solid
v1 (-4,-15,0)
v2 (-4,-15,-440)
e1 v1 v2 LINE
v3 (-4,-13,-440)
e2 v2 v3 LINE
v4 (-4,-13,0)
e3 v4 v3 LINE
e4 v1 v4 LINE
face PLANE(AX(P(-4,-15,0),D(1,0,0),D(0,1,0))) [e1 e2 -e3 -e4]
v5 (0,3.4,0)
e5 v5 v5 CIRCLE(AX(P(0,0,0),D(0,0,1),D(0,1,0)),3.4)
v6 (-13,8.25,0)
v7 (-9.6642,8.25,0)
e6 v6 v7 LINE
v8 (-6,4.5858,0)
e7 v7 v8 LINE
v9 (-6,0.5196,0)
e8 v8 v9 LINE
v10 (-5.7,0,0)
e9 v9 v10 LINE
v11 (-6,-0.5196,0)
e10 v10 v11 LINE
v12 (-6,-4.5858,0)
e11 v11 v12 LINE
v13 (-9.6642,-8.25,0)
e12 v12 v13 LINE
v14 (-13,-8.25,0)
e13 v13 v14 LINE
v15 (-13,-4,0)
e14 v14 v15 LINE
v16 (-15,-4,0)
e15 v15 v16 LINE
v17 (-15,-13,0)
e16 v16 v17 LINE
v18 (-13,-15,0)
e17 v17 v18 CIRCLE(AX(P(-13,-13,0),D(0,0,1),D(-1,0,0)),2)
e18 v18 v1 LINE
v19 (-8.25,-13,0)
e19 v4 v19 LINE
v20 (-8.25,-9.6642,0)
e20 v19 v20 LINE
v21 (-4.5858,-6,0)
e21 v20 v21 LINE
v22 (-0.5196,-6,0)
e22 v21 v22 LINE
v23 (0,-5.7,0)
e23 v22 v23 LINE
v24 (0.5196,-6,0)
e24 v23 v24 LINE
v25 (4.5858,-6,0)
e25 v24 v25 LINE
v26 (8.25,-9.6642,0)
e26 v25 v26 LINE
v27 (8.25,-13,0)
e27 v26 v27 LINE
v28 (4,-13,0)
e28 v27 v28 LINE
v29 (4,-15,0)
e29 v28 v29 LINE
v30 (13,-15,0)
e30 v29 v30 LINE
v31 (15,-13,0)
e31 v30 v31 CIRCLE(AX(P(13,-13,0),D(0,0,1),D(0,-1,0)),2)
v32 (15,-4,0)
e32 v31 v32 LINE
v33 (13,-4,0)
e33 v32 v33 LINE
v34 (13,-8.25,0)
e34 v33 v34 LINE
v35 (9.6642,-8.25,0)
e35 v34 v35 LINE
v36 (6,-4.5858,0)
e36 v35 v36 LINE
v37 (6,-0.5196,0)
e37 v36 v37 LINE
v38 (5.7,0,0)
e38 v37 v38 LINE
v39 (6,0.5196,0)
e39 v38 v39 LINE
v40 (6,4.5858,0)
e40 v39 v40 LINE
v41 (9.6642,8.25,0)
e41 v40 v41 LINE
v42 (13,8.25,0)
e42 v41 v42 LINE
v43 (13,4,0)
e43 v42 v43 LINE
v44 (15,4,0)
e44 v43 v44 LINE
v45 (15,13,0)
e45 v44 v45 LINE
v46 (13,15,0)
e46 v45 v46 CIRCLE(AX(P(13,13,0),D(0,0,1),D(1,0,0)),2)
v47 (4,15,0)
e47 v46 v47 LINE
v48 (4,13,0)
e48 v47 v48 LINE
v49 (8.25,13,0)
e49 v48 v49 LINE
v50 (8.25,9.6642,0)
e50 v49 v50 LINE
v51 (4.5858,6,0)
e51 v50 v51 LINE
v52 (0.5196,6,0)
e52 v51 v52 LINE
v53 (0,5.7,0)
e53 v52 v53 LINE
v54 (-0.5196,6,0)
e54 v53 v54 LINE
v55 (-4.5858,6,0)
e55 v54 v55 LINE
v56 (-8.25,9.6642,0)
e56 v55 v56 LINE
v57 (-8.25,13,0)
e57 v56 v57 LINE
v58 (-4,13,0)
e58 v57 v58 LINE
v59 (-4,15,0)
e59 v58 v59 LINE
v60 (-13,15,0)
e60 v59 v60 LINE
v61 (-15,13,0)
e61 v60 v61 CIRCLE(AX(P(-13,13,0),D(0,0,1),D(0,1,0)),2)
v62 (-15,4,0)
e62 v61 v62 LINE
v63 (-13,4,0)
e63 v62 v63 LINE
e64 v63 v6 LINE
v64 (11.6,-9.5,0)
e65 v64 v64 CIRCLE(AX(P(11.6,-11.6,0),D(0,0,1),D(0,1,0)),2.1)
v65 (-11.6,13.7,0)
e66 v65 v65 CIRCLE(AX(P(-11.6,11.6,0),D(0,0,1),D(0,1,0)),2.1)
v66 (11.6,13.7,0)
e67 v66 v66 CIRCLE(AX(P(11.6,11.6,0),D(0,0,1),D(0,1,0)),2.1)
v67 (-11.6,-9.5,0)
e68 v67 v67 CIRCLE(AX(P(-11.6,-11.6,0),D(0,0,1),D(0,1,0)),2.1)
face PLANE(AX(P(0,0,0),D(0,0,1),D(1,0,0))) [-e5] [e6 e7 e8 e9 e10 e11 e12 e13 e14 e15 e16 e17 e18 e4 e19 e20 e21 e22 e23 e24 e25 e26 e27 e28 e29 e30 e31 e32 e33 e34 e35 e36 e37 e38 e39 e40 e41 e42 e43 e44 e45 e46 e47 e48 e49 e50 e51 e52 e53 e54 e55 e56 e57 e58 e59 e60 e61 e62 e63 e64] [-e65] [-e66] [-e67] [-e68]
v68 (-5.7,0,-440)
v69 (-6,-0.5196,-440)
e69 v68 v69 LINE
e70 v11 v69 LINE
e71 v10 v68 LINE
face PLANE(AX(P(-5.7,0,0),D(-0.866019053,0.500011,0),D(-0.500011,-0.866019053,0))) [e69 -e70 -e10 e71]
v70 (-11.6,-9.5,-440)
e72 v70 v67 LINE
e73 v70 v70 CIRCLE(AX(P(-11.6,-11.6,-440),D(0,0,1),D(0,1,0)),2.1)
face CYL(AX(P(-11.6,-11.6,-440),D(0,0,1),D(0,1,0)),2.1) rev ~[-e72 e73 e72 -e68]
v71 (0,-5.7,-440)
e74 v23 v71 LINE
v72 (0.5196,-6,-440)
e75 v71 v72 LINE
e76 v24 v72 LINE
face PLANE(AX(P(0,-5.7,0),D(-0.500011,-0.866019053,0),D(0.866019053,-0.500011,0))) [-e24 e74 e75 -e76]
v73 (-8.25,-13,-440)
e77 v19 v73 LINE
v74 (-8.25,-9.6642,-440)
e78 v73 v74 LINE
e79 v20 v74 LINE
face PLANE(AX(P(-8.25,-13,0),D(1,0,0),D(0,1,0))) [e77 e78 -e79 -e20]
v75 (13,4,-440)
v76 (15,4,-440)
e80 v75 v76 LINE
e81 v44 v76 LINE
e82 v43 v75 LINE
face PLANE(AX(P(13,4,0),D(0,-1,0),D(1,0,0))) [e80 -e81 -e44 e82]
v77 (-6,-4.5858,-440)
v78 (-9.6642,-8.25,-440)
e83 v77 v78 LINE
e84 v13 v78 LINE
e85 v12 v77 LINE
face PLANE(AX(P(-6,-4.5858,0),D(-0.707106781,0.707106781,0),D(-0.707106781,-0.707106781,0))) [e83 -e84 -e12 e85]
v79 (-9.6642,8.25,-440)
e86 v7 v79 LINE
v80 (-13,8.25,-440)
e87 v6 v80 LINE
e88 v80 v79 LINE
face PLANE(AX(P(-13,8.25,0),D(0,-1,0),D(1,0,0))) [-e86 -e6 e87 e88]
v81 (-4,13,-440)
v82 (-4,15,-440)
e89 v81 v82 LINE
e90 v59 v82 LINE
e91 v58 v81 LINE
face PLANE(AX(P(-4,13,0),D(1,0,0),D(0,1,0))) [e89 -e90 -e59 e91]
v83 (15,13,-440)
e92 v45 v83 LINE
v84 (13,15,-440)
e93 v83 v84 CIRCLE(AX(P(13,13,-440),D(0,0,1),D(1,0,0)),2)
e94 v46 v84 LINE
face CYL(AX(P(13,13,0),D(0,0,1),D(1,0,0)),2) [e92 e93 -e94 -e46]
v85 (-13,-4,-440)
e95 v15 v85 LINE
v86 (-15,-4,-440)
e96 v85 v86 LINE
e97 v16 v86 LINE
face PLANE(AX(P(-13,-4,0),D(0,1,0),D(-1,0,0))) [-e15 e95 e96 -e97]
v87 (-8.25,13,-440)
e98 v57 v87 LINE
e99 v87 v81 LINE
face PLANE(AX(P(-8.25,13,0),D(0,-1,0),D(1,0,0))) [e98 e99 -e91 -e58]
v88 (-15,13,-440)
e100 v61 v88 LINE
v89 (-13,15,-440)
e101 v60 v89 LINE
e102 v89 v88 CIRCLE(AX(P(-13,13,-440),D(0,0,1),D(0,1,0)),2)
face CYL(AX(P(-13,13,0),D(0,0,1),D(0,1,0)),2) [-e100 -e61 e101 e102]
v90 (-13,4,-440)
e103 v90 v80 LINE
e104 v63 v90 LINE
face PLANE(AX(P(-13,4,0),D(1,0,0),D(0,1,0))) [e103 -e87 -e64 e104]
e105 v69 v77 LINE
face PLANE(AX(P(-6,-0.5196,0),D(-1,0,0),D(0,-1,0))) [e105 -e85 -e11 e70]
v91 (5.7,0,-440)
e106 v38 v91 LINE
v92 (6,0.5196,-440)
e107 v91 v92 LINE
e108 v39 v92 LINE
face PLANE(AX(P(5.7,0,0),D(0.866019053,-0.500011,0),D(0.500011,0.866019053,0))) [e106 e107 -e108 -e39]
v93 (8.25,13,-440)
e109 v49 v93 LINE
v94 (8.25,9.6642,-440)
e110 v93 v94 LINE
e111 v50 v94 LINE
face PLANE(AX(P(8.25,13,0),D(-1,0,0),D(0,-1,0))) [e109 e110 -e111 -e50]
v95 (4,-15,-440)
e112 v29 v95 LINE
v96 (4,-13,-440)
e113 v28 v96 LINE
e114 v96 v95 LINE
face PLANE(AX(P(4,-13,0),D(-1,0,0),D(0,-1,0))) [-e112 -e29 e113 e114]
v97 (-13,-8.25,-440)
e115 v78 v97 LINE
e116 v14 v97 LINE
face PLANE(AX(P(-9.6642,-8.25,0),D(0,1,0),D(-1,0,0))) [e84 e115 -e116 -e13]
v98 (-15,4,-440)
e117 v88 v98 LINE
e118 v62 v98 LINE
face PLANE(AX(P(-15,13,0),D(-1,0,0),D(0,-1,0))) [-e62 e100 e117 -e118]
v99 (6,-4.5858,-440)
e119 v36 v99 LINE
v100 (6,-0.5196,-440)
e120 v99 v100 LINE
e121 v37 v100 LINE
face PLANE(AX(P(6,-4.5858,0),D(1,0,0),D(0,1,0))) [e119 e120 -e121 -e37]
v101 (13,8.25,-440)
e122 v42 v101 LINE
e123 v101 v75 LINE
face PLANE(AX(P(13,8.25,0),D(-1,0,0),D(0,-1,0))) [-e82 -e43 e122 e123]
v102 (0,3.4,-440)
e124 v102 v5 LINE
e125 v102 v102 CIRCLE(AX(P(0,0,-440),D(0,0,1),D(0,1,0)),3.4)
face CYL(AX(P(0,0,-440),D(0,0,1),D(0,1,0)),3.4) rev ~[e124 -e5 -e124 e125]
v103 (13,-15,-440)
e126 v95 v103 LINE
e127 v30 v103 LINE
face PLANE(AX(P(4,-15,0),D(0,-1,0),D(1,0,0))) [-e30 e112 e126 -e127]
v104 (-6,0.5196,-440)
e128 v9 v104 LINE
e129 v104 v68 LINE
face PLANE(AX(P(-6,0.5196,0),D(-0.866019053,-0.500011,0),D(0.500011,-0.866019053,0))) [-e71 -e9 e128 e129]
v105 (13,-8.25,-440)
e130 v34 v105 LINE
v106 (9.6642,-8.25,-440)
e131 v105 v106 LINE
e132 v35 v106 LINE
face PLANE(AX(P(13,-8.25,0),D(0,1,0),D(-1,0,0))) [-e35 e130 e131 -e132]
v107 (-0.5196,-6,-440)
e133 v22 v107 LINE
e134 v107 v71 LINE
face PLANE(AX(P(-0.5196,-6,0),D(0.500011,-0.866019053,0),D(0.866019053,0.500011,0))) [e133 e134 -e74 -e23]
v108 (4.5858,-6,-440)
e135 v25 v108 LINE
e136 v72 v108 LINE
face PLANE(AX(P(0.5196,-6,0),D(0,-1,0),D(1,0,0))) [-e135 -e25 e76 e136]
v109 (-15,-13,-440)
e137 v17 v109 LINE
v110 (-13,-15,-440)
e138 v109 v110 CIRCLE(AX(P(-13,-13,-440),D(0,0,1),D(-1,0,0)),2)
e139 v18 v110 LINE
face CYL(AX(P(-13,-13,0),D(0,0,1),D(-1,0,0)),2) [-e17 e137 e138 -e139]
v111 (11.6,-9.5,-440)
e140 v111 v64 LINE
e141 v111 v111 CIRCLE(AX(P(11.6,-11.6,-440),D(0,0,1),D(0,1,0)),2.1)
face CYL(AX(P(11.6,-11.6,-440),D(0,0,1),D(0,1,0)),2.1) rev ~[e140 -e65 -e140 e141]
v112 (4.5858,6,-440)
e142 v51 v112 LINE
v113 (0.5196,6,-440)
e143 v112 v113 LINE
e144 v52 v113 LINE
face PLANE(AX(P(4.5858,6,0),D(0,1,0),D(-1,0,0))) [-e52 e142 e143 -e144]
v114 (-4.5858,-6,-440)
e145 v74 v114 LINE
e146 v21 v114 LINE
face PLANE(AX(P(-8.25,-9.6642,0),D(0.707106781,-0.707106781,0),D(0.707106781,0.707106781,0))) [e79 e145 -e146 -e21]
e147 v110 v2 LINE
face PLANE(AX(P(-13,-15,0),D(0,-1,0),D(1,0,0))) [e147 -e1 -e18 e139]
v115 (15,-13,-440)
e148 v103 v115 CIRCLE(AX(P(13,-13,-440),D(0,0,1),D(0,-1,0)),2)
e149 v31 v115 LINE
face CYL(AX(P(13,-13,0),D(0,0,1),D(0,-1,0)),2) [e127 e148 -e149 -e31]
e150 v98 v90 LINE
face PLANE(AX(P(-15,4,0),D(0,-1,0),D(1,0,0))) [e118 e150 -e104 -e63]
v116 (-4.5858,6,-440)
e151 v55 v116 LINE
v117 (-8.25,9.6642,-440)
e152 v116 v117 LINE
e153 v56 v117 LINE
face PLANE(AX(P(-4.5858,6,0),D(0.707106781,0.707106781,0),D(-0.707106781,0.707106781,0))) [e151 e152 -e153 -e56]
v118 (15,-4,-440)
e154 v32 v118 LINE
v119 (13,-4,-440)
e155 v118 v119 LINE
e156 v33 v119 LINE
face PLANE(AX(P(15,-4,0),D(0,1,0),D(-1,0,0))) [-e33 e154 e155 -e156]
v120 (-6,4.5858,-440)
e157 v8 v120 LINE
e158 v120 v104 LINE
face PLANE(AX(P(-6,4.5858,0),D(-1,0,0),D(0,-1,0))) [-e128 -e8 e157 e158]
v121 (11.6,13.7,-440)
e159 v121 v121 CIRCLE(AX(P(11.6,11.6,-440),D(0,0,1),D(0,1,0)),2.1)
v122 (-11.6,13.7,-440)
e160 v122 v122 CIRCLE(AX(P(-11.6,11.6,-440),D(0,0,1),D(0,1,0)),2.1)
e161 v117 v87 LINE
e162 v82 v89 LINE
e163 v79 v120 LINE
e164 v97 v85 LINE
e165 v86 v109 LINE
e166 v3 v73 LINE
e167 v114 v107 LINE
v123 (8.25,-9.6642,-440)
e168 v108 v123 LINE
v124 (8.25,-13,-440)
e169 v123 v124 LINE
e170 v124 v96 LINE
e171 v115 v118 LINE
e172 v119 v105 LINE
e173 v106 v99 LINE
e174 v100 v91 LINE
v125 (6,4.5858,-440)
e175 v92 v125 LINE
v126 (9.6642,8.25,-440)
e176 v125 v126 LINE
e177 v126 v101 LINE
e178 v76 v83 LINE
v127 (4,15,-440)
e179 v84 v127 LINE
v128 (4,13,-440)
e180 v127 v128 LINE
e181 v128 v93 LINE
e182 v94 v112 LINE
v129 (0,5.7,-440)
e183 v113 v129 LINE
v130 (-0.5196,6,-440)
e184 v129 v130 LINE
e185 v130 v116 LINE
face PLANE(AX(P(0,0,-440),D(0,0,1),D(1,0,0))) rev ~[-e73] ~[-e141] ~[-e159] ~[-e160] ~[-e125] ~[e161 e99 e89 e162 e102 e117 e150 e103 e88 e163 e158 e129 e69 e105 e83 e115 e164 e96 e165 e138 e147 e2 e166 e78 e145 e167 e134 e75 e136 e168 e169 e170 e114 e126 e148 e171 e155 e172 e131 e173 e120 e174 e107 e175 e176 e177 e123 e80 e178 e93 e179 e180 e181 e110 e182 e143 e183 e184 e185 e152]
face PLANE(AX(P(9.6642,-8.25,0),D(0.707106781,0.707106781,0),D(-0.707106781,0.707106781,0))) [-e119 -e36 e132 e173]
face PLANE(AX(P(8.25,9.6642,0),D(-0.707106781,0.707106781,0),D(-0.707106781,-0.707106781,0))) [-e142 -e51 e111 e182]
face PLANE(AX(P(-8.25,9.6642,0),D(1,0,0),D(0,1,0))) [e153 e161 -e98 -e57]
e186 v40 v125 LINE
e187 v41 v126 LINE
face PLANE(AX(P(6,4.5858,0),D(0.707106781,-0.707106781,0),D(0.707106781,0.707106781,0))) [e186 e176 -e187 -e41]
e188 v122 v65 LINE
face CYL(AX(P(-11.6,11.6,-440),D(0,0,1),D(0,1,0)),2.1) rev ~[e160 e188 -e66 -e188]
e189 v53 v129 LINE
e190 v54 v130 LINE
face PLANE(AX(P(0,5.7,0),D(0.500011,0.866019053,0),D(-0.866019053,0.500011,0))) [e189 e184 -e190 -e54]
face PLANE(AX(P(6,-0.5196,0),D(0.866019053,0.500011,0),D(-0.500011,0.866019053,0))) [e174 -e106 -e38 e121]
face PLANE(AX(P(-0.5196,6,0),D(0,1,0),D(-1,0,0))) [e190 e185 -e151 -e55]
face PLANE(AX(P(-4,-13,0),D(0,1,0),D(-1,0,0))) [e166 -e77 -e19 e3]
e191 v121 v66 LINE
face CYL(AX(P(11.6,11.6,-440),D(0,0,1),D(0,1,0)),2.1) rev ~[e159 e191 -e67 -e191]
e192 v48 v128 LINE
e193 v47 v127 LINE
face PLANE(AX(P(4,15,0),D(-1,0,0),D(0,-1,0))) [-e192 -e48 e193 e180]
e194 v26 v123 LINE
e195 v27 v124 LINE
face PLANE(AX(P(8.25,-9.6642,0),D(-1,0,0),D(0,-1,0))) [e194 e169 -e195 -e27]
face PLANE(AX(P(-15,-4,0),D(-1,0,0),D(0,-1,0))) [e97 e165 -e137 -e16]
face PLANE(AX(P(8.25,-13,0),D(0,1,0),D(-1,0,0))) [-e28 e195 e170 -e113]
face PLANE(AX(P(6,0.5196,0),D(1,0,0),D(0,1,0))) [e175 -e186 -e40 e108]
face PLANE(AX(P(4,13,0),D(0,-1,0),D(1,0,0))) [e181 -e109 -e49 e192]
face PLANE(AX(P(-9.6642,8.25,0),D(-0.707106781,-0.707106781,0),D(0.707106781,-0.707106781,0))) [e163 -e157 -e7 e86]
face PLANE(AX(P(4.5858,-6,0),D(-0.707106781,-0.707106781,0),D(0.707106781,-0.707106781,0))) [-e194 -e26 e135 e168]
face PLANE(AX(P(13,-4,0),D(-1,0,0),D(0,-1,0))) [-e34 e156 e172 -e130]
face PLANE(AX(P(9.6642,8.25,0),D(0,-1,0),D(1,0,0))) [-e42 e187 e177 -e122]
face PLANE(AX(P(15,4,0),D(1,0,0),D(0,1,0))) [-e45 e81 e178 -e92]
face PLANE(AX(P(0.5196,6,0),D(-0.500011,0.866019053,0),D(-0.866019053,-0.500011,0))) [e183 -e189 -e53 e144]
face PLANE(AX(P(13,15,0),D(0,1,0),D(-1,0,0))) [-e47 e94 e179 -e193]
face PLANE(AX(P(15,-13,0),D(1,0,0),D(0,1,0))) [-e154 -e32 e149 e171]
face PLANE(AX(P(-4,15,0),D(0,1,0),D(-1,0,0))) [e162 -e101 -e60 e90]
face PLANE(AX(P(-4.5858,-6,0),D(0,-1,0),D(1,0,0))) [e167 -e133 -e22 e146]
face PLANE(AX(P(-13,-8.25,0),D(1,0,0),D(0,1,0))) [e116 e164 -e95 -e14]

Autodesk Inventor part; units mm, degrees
sketch "Sketch_1" plane through (0, 0, 0) normal (0, 0, 1) x (1, 0, 0)
  line L0 (-15, -4) -> (-15, -13)
  arc A0 (-15, -13) -> (-13, -15) centre (-13, -13) ccw
  line L1 (-13, -15) -> (-4, -15)
  line L2 (-4, -15) -> (-4, -13)
  line L3 (-4, -13) -> (-8.25, -13)
  line L4 (-8.25, -13) -> (-8.25, -9.6642)
  line L5 (-8.25, -9.6642) -> (-4.5858, -6)
  line L6 (-4.5858, -6) -> (-0.5196, -6)
  line L7 (-0.5196, -6) -> (0, -5.7)
  line L8 (0, -5.7) -> (0.5196, -6)
  line L9 (0.5196, -6) -> (4.5858, -6)
  line L10 (4.5858, -6) -> (8.25, -9.6642)
  line L11 (8.25, -9.6642) -> (8.25, -13)
  line L12 (8.25, -13) -> (4, -13)
  line L13 (4, -13) -> (4, -15)
  line L14 (4, -15) -> (13, -15)
  arc A1 (13, -15) -> (15, -13) centre (13, -13) ccw
  line L15 (15, -13) -> (15, -4)
  line L16 (15, -4) -> (13, -4)
  line L17 (13, -4) -> (13, -8.25)
  line L18 (13, -8.25) -> (9.6642, -8.25)
  line L19 (9.6642, -8.25) -> (6, -4.5858)
  line L20 (6, -4.5858) -> (6, -0.5196)
  line L21 (6, -0.5196) -> (5.7, 0)
  line L22 (5.7, 0) -> (6, 0.5196)
  line L23 (6, 0.5196) -> (6, 4.5858)
  line L24 (6, 4.5858) -> (9.6642, 8.25)
  line L25 (9.6642, 8.25) -> (13, 8.25)
  line L26 (13, 8.25) -> (13, 4)
  line L27 (13, 4) -> (15, 4)
  line L28 (15, 4) -> (15, 13)
  arc A2 (15, 13) -> (13, 15) centre (13, 13) ccw
  line L29 (13, 15) -> (4, 15)
  line L30 (4, 15) -> (4, 13)
  line L31 (4, 13) -> (8.25, 13)
  line L32 (8.25, 13) -> (8.25, 9.6642)
  line L33 (8.25, 9.6642) -> (4.5858, 6)
  line L34 (4.5858, 6) -> (0.5196, 6)
  line L35 (0.5196, 6) -> (0, 5.7)
  line L36 (0, 5.7) -> (-0.5196, 6)
  line L37 (-0.5196, 6) -> (-4.5858, 6)
  line L38 (-4.5858, 6) -> (-8.25, 9.6642)
  line L39 (-8.25, 9.6642) -> (-8.25, 13)
  line L40 (-8.25, 13) -> (-4, 13)
  line L41 (-4, 13) -> (-4, 15)
  line L42 (-4, 15) -> (-13, 15)
  arc A3 (-13, 15) -> (-15, 13) centre (-13, 13) ccw
  line L43 (-15, 13) -> (-15, 4)
  line L44 (-15, 4) -> (-13, 4)
  line L45 (-13, 4) -> (-13, 8.25)
  line L46 (-13, 8.25) -> (-9.6642, 8.25)
  line L47 (-9.6642, 8.25) -> (-6, 4.5858)
  line L48 (-6, 4.5858) -> (-6, 0.5196)
  line L49 (-6, 0.5196) -> (-5.7, 0)
  line L50 (-5.7, 0) -> (-6, -0.5196)
  line L51 (-6, -0.5196) -> (-6, -4.5858)
  line L52 (-6, -4.5858) -> (-9.6642, -8.25)
  line L53 (-9.6642, -8.25) -> (-13, -8.25)
  line L54 (-13, -8.25) -> (-13, -4)
  line L55 (-13, -4) -> (-15, -4)
extrude "Extrusion1" add sketch "Sketch_1" against normal blind 440
sketch "Sketch2" plane through (0, 0, -440) normal (0, 0, -1) x (-1, 0, 0)
  point P0 (0, 0)
hole "Hole1" at (0, 0, -440) direction (0, 0, 1) diameter 6.8 depth 440
sketch "Sketch3" plane through (0, 0, -440) normal (0, 0, -1) x (-1, 0, 0)
  point P0 (-11.6, 11.6)
hole "Hole2" at (11.6, 11.6, -440) direction (0, 0, 1) diameter 4.2 depth 440
pattern_linear "Rectangular Pattern1" count 2 spacing 23.2 along (-1, 0, 0) count 2 spacing 23.2 along (0, -1, 0) of "Hole2"
ref_plane "C1_XY" through (0, 0, 0) normal (0, 0, 1) x (1, 0, 0)
ref_plane "C1_YZ" through (0, 0, 0) normal (1, 0, 0) x (0, 1, 0)
ref_plane "C1_ZX" through (0, 0, 0) normal (0, 1, 0) x (0, 0, 1)
ref_plane "to_frame_cap1_XY" through (0, 0, 0) normal (0, 0, 1) x (1, 0, 0)
ref_plane "to_frame_cap1_YZ" through (0, 0, 0) normal (1, 0, 0) x (0, 1, 0)
ref_plane "to_frame_cap1_ZX" through (0, 0, 0) normal (0, 1, 0) x (0, 0, 1)
ref_plane "to_frame_cap2_XY" through (0, 0, -440) normal (0, 0, -1) x (1, 0, 0)
ref_plane "to_frame_cap2_YZ" through (0, 0, -440) normal (1, 0, 0) x (0, -1, 0)
ref_plane "to_frame_cap2_ZX" through (0, 0, -440) normal (0, -1, 0) x (0, 0, -1)
properties part number "HFS6-3030-440"
